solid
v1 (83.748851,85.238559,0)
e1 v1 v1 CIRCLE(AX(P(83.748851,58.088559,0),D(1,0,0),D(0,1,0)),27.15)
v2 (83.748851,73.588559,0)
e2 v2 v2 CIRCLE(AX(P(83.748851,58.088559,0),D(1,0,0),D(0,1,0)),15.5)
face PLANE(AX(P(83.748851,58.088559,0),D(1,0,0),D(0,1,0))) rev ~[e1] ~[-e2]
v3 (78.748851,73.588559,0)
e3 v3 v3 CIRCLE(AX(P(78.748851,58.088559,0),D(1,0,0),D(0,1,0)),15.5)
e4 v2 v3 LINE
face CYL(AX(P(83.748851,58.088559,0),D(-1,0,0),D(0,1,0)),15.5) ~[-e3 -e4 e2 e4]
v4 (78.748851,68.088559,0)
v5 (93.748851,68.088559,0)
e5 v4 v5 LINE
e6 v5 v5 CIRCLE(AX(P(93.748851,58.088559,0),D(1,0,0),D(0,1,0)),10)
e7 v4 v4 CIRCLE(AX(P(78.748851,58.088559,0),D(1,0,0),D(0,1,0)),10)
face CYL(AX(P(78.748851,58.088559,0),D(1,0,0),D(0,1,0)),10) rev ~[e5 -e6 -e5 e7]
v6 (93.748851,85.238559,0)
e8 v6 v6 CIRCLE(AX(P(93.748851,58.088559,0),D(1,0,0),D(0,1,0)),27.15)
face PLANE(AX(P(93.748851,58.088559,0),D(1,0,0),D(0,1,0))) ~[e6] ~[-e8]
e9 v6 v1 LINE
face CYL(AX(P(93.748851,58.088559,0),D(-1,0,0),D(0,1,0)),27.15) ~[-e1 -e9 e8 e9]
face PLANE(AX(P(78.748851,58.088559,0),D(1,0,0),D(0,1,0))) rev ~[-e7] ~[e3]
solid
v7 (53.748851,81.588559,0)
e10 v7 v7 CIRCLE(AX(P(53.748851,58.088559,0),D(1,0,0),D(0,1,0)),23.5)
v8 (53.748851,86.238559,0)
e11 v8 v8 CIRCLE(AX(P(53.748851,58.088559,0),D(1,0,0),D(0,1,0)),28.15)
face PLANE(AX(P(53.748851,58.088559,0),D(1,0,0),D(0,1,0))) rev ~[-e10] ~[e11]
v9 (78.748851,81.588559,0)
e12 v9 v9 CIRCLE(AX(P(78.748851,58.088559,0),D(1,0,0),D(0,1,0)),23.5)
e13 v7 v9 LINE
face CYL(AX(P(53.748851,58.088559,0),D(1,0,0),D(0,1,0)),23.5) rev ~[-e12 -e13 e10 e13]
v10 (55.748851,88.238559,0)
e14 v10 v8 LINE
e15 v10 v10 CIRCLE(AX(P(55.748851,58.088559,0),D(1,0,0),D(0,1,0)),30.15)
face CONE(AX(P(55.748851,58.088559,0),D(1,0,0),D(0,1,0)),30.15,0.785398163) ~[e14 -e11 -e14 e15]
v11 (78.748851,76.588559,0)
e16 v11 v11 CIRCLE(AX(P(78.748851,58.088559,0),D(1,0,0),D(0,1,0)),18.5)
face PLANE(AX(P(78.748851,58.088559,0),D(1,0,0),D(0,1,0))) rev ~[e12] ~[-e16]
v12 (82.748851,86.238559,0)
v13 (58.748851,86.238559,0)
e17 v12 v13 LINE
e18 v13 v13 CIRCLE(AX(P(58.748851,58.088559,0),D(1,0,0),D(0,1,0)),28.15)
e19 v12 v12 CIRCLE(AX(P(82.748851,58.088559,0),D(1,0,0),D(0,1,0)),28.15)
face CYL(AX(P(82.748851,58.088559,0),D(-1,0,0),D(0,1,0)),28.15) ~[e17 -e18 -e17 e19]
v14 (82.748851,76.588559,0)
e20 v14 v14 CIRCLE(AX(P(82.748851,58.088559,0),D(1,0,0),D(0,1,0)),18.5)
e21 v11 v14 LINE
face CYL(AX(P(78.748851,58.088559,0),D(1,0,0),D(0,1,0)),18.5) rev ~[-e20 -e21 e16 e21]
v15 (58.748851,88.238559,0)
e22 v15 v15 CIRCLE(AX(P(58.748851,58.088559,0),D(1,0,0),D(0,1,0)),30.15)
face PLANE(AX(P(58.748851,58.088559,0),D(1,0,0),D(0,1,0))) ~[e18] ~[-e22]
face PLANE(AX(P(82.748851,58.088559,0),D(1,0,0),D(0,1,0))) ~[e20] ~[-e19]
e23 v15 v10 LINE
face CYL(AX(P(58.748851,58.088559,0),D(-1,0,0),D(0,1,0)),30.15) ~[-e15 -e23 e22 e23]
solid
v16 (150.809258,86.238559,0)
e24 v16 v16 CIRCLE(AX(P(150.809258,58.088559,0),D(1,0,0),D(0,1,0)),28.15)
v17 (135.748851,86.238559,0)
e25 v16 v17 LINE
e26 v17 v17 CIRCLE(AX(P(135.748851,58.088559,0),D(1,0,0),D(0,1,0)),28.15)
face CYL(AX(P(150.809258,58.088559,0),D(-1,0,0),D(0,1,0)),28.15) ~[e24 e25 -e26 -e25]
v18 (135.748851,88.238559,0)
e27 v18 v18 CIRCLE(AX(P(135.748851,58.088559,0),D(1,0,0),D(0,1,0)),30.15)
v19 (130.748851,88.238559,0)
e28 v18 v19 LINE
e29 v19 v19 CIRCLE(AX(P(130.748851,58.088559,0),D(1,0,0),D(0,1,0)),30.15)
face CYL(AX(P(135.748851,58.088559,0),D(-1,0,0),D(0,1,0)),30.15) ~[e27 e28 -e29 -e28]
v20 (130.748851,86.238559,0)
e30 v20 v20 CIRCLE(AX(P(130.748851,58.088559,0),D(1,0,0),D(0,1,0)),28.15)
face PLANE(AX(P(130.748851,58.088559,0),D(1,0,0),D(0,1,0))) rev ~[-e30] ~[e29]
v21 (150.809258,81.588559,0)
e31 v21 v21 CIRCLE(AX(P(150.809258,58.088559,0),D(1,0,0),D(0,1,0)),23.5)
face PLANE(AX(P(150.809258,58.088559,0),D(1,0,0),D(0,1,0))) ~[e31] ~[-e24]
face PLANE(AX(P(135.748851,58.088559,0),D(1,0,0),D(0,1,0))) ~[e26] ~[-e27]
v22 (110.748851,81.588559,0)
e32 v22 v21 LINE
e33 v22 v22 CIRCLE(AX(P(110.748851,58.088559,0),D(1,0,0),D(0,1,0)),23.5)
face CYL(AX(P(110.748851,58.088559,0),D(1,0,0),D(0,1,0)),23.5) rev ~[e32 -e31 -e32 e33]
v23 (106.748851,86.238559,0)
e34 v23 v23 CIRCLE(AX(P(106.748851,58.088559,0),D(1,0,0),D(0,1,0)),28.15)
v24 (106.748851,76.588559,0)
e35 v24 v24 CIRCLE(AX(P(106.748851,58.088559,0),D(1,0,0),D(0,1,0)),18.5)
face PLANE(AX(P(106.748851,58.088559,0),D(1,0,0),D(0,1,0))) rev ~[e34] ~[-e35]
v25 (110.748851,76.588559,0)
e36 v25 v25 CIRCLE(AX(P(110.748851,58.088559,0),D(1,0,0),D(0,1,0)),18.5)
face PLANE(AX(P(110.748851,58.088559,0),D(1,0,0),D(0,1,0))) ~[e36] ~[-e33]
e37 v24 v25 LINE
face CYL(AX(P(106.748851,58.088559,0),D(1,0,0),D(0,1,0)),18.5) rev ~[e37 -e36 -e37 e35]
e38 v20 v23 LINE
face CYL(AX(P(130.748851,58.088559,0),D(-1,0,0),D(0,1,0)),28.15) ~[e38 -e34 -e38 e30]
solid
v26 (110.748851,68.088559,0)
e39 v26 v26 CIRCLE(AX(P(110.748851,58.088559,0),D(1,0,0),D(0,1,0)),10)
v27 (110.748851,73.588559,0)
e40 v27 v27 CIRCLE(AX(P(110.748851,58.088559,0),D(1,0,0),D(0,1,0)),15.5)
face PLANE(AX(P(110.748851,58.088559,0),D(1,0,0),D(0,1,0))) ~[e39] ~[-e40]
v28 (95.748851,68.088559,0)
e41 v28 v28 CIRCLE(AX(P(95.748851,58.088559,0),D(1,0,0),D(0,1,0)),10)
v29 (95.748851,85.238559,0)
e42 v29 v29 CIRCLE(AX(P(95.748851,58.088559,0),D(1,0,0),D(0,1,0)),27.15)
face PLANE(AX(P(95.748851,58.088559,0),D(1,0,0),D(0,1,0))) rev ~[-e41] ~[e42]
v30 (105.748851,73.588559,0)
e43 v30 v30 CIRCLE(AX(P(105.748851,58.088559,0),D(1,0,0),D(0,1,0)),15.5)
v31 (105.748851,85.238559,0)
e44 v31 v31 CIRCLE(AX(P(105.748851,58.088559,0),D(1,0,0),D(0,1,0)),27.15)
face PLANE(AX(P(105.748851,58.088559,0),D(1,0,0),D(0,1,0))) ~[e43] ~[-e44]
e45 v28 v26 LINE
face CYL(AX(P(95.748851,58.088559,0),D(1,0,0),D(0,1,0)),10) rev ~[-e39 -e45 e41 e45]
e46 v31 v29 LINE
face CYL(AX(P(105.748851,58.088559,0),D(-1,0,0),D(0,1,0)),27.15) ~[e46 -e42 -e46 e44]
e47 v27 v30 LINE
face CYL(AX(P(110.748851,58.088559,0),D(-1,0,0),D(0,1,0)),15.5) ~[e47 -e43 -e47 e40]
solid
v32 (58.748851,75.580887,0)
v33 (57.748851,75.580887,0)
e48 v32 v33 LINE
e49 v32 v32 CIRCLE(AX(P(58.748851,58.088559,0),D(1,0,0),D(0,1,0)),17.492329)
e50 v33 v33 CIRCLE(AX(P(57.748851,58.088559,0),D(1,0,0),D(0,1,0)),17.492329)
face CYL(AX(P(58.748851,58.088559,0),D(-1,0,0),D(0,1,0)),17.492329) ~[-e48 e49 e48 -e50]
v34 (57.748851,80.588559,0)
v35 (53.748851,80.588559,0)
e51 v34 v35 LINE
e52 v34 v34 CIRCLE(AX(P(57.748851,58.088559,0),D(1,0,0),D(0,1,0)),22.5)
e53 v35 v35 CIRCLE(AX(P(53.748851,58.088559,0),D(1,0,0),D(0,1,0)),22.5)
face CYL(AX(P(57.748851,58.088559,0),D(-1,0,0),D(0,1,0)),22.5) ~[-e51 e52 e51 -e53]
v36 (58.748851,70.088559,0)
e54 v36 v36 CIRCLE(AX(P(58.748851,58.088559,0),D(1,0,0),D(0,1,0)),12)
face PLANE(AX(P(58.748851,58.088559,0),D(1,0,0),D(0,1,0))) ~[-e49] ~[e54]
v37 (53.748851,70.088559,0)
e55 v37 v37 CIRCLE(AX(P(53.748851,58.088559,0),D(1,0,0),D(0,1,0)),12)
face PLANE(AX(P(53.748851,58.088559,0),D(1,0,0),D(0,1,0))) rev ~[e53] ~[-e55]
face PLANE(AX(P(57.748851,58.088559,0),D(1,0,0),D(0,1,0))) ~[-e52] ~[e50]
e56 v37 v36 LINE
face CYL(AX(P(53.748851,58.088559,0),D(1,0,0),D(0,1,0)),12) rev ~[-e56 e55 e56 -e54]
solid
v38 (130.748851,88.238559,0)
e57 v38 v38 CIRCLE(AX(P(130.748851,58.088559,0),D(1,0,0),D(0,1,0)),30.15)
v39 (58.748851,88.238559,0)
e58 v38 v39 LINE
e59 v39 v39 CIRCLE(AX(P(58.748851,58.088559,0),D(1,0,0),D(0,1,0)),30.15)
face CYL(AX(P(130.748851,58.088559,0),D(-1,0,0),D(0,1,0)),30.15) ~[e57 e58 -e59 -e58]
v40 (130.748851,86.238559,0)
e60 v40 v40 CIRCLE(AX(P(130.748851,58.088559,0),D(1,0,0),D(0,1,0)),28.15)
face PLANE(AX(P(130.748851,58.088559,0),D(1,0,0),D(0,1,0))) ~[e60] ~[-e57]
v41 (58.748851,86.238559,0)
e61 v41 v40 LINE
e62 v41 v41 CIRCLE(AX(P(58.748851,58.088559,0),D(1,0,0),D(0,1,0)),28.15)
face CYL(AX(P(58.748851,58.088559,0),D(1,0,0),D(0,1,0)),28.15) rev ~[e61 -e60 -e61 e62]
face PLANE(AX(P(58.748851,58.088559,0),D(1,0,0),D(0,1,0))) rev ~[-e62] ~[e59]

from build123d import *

# Parameters (mm, degrees)
F3_SIZE = 2


with BuildPart() as f1:
    # F0 (on Top) → F1 (revolve)
    with BuildSketch(Plane.XY):
        Polygon((95.7488511355, 85.2385589326), (95.7488511355, 68.0885589326), (110.7488511355, 68.0885589326), (110.7488511355, 73.5885589326), (105.7488511355, 73.5885589326), (105.7488511355, 85.2385589326), align=None)
    revolve(axis=Axis((39.9243277874, 58.0885589326, 0), (1, 0, 0)))


with BuildPart() as f1b:
    # F0 (on Top) → F1, piece 2 (revolve)
    with BuildSketch(Plane.XY):
        Polygon((135.7488511355, 88.2385589326), (130.7488511355, 88.2385589326), (130.7488511355, 86.2385589326), (106.7488511355, 86.2385589326), (106.7488511355, 76.5885589326), (110.7488511355, 76.5885589326), (110.7488511355, 81.5885589326), (135.7488511355, 81.5885589326), (150.8092582226, 81.5885589326), (150.8092582226, 86.2385589326), (135.7488511355, 86.2385589326), align=None)
    revolve(axis=Axis((39.9243277874, 58.0885589326, 0), (1, 0, 0)))


with BuildPart() as f1c:
    # F0 (on Top) → F1, piece 3 (revolve)
    with BuildSketch(Plane.XY):
        Polygon((58.7488511355, 88.2385589326), (53.7488511355, 88.2385589326), (53.7488511355, 81.5885589326), (78.7488511355, 81.5885589326), (78.7488511355, 76.5885589326), (82.7488511355, 76.5885589326), (82.7488511355, 86.2385589326), (58.7488511355, 86.2385589326), align=None)
    revolve(axis=Axis((39.9243277874, 58.0885589326, 0), (1, 0, 0)))

    # F3
    f3_edges = [f1c.edges().sort_by_distance(p)[0] for p in [
        (53.748851, 27.938559, 0),
    ]]
    chamfer(f3_edges, length=F3_SIZE)


with BuildPart() as f1d:
    # F0 (on Top) → F1, piece 4 (revolve)
    with BuildSketch(Plane.XY):
        Polygon((78.7488511355, 73.5885589326), (78.7488511355, 68.0885589326), (93.7488511355, 68.0885589326), (93.7488511355, 85.2385589326), (83.7488511355, 85.2385589326), (83.7488511355, 73.5885589326), align=None)
    revolve(axis=Axis((39.9243277874, 58.0885589326, 0), (1, 0, 0)))


with BuildPart() as f2:
    # F0 (on Top) → F2 (revolve)
    with BuildSketch(Plane.XY):
        Polygon((130.7488511355, 88.2385589326), (58.7488511355, 88.2385589326), (58.7488511355, 86.2385589326), (82.7488511355, 86.2385589326), (106.7488511355, 86.2385589326), (130.7488511355, 86.2385589326), align=None)
    revolve(axis=Axis((39.9243277874, 58.0885589326, 0), (1, 0, 0)))


with BuildPart() as f4:
    # F0 (on Top) → F4 (revolve)
    with BuildSketch(Plane.XY):
        Polygon((53.7488511355, 80.5885589326), (53.7488511355, 70.0885589326), (58.7488511355, 70.0885589326), (58.7488511355, 75.5808874965), (57.7488511355, 75.5808874965), (57.7488511355, 80.5885589326), align=None)
    revolve(axis=Axis((39.9243277874, 58.0885589326, 0), (1, 0, 0)))


solid = Compound([f1.part, f1b.part, f1c.part, f1d.part, f2.part, f4.part])
